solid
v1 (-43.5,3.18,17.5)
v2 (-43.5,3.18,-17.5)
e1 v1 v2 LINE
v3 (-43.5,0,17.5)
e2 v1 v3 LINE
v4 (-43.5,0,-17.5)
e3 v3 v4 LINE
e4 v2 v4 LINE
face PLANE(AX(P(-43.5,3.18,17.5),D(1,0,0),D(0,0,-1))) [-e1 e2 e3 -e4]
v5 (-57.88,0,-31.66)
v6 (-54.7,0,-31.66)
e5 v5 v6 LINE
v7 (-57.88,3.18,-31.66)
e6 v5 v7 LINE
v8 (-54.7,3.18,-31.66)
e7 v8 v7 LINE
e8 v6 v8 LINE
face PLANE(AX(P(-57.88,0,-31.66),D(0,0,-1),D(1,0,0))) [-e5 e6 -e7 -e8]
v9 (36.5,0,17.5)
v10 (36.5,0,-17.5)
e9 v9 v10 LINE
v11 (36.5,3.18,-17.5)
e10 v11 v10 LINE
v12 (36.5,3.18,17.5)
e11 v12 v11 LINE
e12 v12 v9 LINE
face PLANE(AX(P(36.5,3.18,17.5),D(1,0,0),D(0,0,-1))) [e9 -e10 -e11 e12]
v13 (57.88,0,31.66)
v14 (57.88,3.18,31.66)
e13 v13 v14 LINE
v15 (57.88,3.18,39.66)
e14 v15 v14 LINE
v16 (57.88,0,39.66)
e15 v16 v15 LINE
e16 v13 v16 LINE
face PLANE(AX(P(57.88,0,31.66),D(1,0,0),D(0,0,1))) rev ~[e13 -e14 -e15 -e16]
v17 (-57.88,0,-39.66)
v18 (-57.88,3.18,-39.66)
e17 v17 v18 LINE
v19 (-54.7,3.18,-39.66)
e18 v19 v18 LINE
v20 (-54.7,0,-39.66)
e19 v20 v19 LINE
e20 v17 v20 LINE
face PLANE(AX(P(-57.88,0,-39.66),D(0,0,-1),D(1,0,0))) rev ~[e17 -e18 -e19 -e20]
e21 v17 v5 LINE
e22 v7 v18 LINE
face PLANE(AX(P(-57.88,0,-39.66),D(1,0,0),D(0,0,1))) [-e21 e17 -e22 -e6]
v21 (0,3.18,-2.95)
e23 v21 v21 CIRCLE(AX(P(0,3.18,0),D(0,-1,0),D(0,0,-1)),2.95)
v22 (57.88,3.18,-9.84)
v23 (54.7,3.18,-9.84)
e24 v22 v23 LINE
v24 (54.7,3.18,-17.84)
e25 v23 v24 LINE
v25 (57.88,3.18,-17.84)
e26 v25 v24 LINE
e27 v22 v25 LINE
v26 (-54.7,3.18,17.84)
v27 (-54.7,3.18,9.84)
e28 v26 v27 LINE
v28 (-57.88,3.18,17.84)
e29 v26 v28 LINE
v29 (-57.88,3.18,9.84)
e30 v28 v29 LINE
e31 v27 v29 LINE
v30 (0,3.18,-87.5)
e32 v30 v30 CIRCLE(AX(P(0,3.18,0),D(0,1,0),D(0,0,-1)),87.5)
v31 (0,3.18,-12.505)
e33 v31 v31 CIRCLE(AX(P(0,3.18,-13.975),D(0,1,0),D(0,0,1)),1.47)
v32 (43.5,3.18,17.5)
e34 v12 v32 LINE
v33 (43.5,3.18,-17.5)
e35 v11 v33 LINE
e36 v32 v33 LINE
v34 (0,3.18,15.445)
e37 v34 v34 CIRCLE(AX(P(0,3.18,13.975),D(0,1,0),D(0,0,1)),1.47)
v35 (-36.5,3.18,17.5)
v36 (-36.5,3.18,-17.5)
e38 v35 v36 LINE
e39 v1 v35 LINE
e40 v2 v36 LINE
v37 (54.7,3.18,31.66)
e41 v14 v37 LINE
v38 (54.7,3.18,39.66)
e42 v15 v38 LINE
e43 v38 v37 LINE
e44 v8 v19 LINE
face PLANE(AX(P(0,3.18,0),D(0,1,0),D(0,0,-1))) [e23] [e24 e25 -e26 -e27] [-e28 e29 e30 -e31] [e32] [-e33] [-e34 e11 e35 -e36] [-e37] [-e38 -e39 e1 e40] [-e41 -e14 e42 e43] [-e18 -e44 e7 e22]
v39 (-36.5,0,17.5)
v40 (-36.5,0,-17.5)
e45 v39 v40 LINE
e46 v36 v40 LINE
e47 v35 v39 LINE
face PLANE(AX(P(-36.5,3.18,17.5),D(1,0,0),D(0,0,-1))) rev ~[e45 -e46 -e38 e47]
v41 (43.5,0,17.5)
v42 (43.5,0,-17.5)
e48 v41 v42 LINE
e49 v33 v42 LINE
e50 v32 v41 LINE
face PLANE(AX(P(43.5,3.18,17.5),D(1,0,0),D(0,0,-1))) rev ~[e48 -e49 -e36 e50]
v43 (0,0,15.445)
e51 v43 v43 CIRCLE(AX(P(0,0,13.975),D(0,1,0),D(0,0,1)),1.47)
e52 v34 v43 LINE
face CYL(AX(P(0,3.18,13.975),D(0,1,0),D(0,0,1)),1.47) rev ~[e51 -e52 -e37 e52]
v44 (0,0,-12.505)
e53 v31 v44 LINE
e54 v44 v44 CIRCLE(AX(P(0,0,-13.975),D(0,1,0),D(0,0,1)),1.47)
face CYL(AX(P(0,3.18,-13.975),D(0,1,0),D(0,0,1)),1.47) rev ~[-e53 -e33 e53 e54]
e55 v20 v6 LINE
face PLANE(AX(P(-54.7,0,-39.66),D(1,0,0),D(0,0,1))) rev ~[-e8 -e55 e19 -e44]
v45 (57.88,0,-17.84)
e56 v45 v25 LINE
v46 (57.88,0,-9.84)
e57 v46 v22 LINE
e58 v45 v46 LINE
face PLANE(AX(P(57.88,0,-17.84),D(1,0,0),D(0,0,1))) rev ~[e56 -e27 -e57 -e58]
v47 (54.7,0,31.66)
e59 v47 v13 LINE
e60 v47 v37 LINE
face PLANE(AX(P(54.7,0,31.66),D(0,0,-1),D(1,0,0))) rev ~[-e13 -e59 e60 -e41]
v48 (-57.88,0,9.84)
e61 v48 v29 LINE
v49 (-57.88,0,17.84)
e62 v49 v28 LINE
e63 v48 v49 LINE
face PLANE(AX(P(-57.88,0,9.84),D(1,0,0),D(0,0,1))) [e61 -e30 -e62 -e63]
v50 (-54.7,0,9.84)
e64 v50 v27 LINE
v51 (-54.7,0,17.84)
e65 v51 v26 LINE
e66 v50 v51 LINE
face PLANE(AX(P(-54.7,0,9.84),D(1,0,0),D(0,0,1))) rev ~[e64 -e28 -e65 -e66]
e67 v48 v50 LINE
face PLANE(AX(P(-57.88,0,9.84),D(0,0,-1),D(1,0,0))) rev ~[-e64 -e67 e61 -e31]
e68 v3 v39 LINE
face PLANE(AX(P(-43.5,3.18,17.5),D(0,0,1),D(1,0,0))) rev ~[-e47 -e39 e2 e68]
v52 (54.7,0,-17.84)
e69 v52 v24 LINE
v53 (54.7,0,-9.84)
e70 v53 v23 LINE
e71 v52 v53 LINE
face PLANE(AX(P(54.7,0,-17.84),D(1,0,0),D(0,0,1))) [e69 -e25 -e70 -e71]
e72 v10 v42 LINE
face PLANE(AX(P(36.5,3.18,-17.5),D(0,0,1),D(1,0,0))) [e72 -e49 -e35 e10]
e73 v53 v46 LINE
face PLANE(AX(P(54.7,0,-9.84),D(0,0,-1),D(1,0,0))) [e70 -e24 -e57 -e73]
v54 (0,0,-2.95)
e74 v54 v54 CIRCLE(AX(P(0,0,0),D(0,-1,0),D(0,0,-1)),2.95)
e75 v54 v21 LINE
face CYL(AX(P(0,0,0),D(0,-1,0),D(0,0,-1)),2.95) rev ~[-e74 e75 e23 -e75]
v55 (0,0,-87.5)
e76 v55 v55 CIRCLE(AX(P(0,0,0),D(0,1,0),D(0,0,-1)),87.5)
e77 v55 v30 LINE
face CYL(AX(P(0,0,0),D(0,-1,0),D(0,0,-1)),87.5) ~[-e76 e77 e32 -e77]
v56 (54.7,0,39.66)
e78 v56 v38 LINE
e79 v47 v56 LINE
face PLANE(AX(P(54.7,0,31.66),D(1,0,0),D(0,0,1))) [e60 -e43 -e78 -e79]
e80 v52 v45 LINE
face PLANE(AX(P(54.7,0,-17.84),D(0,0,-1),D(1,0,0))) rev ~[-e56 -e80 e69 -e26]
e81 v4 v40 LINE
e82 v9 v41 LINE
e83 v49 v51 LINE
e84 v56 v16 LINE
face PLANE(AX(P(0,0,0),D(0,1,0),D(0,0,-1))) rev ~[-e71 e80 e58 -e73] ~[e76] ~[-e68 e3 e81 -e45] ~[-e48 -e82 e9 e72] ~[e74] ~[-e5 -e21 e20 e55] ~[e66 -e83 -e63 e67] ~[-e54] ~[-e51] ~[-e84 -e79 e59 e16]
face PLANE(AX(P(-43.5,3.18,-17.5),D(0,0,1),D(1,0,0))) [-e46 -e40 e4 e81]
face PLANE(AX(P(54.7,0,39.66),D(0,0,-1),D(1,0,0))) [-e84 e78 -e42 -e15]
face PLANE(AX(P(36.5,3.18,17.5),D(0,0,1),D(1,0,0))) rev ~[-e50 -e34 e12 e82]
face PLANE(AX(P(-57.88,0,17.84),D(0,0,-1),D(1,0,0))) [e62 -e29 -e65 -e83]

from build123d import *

# Parameters (mm, degrees)
SKETCH1_R           = 87.5
BOSS_EXTRUDE1_DEPTH = 3.18
SKETCH2_W           = 7
SKETCH2_H           = 35
CUT_EXTRUDE1_DEPTH  = 3.18
SKETCH7_R           = 2.95
CUT_EXTRUDE5_DEPTH  = 10
SKETCH8_R           = 1.47
CUT_EXTRUDE6_DEPTH  = 124.78454023
SKETCH3_W           = 3.18
SKETCH3_H           = 8
CUT_EXTRUDE13_DEPTH = 124.78454023


with BuildPart() as part:
    # Sketch1 → Boss-Extrude1 (new body)
    with BuildSketch(Plane(origin=(0, 0, 0), x_dir=(1, 0, 0), z_dir=(0, 1, 0))):
        with Locations(Location((0, 0, 0), (0, 0, 90))):
            Circle(SKETCH1_R)
    extrude(amount=BOSS_EXTRUDE1_DEPTH)

    # Sketch2 → Cut-Extrude1 (cut)
    with BuildSketch(Plane(origin=(0, 3.18, 0), x_dir=(1, 0, 0), z_dir=(0, 1, 0))):
        with Locations((-40, 0)):
            Rectangle(SKETCH2_W, SKETCH2_H)
        with Locations((40, 0)):
            Rectangle(SKETCH2_W, SKETCH2_H)
    extrude(amount=-CUT_EXTRUDE1_DEPTH, mode=Mode.SUBTRACT)

    # Sketch7 → Cut-Extrude5 (cut)
    with BuildSketch(Plane.XZ):
        with Locations(Location((0, 0, 0), (0, 0, 270))):
            Circle(SKETCH7_R)
    extrude(amount=-CUT_EXTRUDE5_DEPTH, mode=Mode.SUBTRACT)

    # Sketch8 → Cut-Extrude6 (cut, through all)
    with BuildSketch(Plane(origin=(0, 3.18, 0), x_dir=(1, 0, 0), z_dir=(0, 1, 0))):
        with Locations(Location((0, 13.975, 0), (0, 0, 270))):
            Circle(SKETCH8_R)
        with Locations(Location((0, -13.975, 0), (0, 0, 270))):
            Circle(SKETCH8_R)
    extrude(amount=-CUT_EXTRUDE6_DEPTH, mode=Mode.SUBTRACT)

    # Sketch3 → Cut-Extrude13 (cut, through all)
    with BuildSketch(Plane.XZ):
        with Locations((56.29, -13.84)):
            Rectangle(SKETCH3_W, SKETCH3_H)
        with Locations((56.29, 35.66)):
            Rectangle(SKETCH3_W, SKETCH3_H)
        with Locations((-56.29, 13.84)):
            Rectangle(SKETCH3_W, SKETCH3_H)
        with Locations((-56.29, -35.66)):
            Rectangle(SKETCH3_W, SKETCH3_H)
    extrude(amount=-CUT_EXTRUDE13_DEPTH, mode=Mode.SUBTRACT)


solid = part.part
